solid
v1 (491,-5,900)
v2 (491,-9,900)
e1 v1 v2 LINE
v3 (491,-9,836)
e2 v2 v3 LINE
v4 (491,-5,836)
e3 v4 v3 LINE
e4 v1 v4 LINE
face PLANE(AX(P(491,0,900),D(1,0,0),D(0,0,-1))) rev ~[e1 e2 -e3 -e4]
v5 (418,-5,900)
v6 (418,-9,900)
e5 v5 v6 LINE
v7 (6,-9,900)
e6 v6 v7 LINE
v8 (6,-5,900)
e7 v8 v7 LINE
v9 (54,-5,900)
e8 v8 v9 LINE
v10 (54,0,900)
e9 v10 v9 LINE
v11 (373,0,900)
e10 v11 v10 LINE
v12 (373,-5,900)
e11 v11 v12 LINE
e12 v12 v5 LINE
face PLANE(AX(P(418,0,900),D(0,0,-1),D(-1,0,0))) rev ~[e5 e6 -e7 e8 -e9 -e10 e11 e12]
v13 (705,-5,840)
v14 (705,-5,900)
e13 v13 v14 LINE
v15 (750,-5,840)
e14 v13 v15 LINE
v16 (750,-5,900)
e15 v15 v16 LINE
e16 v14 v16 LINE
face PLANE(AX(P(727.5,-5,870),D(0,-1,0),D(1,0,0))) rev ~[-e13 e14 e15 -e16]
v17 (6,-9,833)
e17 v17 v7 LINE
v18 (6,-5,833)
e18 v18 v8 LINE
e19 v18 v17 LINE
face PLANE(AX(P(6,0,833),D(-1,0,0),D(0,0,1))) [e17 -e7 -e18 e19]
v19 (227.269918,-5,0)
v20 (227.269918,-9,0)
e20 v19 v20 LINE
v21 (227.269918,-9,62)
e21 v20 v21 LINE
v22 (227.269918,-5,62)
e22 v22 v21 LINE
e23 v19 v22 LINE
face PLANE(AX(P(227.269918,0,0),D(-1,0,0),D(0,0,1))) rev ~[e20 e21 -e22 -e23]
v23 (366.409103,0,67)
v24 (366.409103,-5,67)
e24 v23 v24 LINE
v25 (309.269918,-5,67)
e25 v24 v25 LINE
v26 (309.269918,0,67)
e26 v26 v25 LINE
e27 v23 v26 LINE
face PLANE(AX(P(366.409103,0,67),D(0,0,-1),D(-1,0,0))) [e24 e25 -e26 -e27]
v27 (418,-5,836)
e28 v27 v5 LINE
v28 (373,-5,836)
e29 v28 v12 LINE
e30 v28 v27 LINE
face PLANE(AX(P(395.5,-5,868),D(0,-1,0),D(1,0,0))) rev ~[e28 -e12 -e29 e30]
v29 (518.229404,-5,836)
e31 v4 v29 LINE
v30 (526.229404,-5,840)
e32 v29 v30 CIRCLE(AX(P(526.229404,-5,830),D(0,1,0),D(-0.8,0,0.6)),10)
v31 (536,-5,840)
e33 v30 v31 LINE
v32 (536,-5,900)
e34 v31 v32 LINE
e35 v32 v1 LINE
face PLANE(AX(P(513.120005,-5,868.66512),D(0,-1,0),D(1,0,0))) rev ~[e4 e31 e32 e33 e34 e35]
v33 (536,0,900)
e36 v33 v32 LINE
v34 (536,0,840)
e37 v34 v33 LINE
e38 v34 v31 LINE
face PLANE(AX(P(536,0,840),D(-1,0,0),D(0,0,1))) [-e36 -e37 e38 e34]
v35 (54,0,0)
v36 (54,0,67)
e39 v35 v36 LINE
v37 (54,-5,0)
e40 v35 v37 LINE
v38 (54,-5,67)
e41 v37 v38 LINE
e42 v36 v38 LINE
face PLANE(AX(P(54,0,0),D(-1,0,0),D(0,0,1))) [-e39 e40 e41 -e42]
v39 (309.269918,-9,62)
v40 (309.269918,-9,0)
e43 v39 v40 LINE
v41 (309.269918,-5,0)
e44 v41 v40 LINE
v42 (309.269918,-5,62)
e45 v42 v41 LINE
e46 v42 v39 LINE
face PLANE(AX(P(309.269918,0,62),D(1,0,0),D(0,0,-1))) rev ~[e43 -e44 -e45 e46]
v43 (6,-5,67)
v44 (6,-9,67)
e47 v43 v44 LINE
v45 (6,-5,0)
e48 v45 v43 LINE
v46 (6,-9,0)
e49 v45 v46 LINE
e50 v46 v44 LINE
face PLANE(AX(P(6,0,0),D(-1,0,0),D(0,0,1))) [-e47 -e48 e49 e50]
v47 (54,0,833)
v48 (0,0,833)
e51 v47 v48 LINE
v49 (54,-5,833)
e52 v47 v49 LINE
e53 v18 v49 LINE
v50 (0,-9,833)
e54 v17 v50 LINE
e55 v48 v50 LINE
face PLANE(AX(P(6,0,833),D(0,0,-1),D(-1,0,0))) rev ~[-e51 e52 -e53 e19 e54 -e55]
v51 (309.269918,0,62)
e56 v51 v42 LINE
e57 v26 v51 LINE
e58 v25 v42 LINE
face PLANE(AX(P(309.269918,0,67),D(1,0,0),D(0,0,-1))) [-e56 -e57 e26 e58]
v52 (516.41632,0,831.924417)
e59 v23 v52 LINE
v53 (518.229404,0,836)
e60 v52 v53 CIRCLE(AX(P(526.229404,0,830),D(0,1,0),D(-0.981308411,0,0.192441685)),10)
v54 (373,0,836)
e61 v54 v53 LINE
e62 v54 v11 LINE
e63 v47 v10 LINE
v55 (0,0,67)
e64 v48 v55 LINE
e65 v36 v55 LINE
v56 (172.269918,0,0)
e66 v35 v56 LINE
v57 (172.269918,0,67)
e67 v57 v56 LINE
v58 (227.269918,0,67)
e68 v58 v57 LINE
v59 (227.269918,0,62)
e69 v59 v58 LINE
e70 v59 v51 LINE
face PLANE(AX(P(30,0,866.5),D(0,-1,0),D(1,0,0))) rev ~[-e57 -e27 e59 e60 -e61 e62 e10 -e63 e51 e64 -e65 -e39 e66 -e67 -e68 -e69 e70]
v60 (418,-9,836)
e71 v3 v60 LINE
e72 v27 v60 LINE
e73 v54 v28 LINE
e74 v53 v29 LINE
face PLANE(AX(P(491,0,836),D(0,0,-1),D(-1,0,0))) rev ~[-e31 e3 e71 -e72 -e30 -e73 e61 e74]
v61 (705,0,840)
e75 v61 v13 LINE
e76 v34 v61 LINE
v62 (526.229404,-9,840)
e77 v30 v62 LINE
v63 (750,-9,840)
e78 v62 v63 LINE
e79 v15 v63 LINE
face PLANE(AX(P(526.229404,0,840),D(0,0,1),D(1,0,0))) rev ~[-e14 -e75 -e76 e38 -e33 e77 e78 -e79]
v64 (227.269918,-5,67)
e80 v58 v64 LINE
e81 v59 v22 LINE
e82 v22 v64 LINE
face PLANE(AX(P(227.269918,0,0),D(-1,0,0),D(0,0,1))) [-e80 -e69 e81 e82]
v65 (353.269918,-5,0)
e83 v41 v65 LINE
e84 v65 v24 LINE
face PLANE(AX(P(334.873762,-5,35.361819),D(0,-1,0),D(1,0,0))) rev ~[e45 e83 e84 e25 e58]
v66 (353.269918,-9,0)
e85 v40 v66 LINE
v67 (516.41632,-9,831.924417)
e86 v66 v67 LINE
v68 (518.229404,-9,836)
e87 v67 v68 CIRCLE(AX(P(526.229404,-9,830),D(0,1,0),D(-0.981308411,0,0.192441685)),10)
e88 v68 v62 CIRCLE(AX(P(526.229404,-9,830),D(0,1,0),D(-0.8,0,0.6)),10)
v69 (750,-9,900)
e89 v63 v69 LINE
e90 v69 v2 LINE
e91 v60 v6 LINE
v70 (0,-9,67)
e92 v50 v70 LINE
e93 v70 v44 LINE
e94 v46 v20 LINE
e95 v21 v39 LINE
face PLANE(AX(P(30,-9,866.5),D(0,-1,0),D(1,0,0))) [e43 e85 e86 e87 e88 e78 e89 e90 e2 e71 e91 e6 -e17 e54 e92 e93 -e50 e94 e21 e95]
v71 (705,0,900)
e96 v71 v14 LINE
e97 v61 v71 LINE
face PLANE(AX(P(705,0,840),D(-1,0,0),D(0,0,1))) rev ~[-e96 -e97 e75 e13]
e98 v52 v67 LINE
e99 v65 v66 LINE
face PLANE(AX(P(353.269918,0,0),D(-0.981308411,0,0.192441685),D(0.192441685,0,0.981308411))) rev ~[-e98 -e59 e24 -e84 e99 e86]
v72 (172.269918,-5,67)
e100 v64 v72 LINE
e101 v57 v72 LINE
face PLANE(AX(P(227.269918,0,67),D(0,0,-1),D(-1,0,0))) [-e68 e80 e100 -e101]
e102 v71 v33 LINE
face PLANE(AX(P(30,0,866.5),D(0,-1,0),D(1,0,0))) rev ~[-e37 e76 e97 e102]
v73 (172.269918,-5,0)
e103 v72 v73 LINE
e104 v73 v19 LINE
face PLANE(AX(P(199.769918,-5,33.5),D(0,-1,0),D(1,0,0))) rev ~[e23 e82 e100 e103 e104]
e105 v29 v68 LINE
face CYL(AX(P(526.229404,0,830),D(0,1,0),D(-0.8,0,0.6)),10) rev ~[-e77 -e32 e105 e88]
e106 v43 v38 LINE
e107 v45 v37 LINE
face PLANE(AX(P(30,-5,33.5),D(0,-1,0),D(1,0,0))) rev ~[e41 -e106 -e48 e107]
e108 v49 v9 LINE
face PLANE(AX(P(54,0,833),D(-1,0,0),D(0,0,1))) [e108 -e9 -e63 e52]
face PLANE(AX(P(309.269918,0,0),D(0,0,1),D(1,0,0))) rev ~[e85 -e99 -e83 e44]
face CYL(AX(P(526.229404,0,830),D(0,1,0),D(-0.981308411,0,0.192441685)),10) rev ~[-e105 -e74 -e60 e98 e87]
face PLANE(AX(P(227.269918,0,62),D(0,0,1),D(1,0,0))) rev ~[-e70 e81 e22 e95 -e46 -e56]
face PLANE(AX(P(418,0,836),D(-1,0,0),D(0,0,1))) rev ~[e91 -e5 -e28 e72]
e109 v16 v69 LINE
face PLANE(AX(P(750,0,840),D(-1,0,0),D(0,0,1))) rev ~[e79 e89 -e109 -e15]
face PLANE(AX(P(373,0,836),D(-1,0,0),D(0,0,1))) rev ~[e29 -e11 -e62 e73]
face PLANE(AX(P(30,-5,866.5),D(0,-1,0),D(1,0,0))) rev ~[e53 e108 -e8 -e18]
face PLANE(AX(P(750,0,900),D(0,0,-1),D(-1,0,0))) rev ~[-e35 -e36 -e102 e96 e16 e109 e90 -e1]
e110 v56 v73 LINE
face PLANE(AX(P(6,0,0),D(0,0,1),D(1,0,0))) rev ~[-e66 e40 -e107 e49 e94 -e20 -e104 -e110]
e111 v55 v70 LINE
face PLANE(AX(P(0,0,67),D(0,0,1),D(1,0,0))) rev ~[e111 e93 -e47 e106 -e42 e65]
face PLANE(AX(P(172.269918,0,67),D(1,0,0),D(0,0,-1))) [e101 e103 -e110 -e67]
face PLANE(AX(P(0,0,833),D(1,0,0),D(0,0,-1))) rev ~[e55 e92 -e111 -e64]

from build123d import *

# Parameters (mm, degrees)
F0_W     = 48
F0_H     = 67
F0_W_2   = 45
F0_H_2   = 60
F0_H_3   = 64
F0_W_3   = 169
F1_DEPTH = 9
F2_DEPTH = 5


with BuildPart() as f1:
    # F0 (on Front) → F1 (new body)
    with BuildSketch(Plane.XZ):
        with Locations((30, 866.5)):
            Rectangle(F0_W, F0_H)
        with Locations((727.5, 870)):
            Rectangle(F0_W_2, F0_H_2)
        with Locations((395.5, 868)):
            Rectangle(F0_W_2, F0_H_3)
        with Locations((620.5, 870)):
            Rectangle(F0_W_3, F0_H_2)
        with BuildLine():
            Line((6, 833), (0, 833))
            Line((0, 833), (0, 67))
            Line((0, 67), (6, 67))
            Line((6, 67), (54, 67))
            Line((54, 67), (54, 0))
            Line((54, 0), (172.2699177442, 0))
            Line((172.2699177442, 0), (172.2699177442, 67))
            Line((172.2699177442, 67), (227.2699177442, 67))
            Line((227.2699177442, 67), (227.2699177442, 62))
            Line((227.2699177442, 62), (309.2699177442, 62))
            Line((309.2699177442, 62), (309.2699177442, 67))
            Line((309.2699177442, 67), (366.4091028765, 67))
            Line((366.4091028765, 67), (516.4163196705, 831.9244168488))
            ThreePointArc((516.4163196705, 831.9244168488), (517.0927147816, 834.0645927345), (518.2294037827, 836))
            Line((518.2294037827, 836), (491, 836))
            Line((491, 836), (418, 836))
            Line((418, 836), (373, 836))
            Line((373, 836), (373, 900))
            Line((373, 900), (54, 900))
            Line((54, 900), (54, 833))
            Line((54, 833), (6, 833))
        make_face()
        Polygon((309.2699177442, 62), (309.2699177442, 0), (353.2699177442, 0), (366.4091028765, 67), (309.2699177442, 67), align=None)
        with BuildLine():
            Line((536, 900), (491, 900))
            Line((491, 900), (491, 836))
            Line((491, 836), (518.2294037827, 836))
            ThreePointArc((518.2294037827, 836), (521.7572678277, 838.94427191), (526.2294037827, 840))
            Line((526.2294037827, 840), (536, 840))
            Line((536, 840), (536, 900))
        make_face()
        Polygon((172.2699177442, 67), (172.2699177442, 0), (227.2699177442, 0), (227.2699177442, 62), (227.2699177442, 67), align=None)
        with Locations((30, 33.5)):
            Rectangle(F0_W, F0_H)
    extrude(amount=F1_DEPTH)

    # F0 (on Front) → F2 (cut)
    with BuildSketch(Plane.XZ):
        with Locations((30, 866.5)):
            Rectangle(F0_W, F0_H)
        with Locations((727.5, 870)):
            Rectangle(F0_W_2, F0_H_2)
        with Locations((395.5, 868)):
            Rectangle(F0_W_2, F0_H_3)
        with BuildLine():
            Line((536, 900), (491, 900))
            Line((491, 900), (491, 836))
            Line((491, 836), (518.2294037827, 836))
            ThreePointArc((518.2294037827, 836), (521.7572678277, 838.94427191), (526.2294037827, 840))
            Line((526.2294037827, 840), (536, 840))
            Line((536, 840), (536, 900))
        make_face()
        Polygon((309.2699177442, 62), (309.2699177442, 0), (353.2699177442, 0), (366.4091028765, 67), (309.2699177442, 67), align=None)
        Polygon((172.2699177442, 67), (172.2699177442, 0), (227.2699177442, 0), (227.2699177442, 62), (227.2699177442, 67), align=None)
        with Locations((30, 33.5)):
            Rectangle(F0_W, F0_H)
    extrude(amount=F2_DEPTH, mode=Mode.SUBTRACT)


solid = f1.part
